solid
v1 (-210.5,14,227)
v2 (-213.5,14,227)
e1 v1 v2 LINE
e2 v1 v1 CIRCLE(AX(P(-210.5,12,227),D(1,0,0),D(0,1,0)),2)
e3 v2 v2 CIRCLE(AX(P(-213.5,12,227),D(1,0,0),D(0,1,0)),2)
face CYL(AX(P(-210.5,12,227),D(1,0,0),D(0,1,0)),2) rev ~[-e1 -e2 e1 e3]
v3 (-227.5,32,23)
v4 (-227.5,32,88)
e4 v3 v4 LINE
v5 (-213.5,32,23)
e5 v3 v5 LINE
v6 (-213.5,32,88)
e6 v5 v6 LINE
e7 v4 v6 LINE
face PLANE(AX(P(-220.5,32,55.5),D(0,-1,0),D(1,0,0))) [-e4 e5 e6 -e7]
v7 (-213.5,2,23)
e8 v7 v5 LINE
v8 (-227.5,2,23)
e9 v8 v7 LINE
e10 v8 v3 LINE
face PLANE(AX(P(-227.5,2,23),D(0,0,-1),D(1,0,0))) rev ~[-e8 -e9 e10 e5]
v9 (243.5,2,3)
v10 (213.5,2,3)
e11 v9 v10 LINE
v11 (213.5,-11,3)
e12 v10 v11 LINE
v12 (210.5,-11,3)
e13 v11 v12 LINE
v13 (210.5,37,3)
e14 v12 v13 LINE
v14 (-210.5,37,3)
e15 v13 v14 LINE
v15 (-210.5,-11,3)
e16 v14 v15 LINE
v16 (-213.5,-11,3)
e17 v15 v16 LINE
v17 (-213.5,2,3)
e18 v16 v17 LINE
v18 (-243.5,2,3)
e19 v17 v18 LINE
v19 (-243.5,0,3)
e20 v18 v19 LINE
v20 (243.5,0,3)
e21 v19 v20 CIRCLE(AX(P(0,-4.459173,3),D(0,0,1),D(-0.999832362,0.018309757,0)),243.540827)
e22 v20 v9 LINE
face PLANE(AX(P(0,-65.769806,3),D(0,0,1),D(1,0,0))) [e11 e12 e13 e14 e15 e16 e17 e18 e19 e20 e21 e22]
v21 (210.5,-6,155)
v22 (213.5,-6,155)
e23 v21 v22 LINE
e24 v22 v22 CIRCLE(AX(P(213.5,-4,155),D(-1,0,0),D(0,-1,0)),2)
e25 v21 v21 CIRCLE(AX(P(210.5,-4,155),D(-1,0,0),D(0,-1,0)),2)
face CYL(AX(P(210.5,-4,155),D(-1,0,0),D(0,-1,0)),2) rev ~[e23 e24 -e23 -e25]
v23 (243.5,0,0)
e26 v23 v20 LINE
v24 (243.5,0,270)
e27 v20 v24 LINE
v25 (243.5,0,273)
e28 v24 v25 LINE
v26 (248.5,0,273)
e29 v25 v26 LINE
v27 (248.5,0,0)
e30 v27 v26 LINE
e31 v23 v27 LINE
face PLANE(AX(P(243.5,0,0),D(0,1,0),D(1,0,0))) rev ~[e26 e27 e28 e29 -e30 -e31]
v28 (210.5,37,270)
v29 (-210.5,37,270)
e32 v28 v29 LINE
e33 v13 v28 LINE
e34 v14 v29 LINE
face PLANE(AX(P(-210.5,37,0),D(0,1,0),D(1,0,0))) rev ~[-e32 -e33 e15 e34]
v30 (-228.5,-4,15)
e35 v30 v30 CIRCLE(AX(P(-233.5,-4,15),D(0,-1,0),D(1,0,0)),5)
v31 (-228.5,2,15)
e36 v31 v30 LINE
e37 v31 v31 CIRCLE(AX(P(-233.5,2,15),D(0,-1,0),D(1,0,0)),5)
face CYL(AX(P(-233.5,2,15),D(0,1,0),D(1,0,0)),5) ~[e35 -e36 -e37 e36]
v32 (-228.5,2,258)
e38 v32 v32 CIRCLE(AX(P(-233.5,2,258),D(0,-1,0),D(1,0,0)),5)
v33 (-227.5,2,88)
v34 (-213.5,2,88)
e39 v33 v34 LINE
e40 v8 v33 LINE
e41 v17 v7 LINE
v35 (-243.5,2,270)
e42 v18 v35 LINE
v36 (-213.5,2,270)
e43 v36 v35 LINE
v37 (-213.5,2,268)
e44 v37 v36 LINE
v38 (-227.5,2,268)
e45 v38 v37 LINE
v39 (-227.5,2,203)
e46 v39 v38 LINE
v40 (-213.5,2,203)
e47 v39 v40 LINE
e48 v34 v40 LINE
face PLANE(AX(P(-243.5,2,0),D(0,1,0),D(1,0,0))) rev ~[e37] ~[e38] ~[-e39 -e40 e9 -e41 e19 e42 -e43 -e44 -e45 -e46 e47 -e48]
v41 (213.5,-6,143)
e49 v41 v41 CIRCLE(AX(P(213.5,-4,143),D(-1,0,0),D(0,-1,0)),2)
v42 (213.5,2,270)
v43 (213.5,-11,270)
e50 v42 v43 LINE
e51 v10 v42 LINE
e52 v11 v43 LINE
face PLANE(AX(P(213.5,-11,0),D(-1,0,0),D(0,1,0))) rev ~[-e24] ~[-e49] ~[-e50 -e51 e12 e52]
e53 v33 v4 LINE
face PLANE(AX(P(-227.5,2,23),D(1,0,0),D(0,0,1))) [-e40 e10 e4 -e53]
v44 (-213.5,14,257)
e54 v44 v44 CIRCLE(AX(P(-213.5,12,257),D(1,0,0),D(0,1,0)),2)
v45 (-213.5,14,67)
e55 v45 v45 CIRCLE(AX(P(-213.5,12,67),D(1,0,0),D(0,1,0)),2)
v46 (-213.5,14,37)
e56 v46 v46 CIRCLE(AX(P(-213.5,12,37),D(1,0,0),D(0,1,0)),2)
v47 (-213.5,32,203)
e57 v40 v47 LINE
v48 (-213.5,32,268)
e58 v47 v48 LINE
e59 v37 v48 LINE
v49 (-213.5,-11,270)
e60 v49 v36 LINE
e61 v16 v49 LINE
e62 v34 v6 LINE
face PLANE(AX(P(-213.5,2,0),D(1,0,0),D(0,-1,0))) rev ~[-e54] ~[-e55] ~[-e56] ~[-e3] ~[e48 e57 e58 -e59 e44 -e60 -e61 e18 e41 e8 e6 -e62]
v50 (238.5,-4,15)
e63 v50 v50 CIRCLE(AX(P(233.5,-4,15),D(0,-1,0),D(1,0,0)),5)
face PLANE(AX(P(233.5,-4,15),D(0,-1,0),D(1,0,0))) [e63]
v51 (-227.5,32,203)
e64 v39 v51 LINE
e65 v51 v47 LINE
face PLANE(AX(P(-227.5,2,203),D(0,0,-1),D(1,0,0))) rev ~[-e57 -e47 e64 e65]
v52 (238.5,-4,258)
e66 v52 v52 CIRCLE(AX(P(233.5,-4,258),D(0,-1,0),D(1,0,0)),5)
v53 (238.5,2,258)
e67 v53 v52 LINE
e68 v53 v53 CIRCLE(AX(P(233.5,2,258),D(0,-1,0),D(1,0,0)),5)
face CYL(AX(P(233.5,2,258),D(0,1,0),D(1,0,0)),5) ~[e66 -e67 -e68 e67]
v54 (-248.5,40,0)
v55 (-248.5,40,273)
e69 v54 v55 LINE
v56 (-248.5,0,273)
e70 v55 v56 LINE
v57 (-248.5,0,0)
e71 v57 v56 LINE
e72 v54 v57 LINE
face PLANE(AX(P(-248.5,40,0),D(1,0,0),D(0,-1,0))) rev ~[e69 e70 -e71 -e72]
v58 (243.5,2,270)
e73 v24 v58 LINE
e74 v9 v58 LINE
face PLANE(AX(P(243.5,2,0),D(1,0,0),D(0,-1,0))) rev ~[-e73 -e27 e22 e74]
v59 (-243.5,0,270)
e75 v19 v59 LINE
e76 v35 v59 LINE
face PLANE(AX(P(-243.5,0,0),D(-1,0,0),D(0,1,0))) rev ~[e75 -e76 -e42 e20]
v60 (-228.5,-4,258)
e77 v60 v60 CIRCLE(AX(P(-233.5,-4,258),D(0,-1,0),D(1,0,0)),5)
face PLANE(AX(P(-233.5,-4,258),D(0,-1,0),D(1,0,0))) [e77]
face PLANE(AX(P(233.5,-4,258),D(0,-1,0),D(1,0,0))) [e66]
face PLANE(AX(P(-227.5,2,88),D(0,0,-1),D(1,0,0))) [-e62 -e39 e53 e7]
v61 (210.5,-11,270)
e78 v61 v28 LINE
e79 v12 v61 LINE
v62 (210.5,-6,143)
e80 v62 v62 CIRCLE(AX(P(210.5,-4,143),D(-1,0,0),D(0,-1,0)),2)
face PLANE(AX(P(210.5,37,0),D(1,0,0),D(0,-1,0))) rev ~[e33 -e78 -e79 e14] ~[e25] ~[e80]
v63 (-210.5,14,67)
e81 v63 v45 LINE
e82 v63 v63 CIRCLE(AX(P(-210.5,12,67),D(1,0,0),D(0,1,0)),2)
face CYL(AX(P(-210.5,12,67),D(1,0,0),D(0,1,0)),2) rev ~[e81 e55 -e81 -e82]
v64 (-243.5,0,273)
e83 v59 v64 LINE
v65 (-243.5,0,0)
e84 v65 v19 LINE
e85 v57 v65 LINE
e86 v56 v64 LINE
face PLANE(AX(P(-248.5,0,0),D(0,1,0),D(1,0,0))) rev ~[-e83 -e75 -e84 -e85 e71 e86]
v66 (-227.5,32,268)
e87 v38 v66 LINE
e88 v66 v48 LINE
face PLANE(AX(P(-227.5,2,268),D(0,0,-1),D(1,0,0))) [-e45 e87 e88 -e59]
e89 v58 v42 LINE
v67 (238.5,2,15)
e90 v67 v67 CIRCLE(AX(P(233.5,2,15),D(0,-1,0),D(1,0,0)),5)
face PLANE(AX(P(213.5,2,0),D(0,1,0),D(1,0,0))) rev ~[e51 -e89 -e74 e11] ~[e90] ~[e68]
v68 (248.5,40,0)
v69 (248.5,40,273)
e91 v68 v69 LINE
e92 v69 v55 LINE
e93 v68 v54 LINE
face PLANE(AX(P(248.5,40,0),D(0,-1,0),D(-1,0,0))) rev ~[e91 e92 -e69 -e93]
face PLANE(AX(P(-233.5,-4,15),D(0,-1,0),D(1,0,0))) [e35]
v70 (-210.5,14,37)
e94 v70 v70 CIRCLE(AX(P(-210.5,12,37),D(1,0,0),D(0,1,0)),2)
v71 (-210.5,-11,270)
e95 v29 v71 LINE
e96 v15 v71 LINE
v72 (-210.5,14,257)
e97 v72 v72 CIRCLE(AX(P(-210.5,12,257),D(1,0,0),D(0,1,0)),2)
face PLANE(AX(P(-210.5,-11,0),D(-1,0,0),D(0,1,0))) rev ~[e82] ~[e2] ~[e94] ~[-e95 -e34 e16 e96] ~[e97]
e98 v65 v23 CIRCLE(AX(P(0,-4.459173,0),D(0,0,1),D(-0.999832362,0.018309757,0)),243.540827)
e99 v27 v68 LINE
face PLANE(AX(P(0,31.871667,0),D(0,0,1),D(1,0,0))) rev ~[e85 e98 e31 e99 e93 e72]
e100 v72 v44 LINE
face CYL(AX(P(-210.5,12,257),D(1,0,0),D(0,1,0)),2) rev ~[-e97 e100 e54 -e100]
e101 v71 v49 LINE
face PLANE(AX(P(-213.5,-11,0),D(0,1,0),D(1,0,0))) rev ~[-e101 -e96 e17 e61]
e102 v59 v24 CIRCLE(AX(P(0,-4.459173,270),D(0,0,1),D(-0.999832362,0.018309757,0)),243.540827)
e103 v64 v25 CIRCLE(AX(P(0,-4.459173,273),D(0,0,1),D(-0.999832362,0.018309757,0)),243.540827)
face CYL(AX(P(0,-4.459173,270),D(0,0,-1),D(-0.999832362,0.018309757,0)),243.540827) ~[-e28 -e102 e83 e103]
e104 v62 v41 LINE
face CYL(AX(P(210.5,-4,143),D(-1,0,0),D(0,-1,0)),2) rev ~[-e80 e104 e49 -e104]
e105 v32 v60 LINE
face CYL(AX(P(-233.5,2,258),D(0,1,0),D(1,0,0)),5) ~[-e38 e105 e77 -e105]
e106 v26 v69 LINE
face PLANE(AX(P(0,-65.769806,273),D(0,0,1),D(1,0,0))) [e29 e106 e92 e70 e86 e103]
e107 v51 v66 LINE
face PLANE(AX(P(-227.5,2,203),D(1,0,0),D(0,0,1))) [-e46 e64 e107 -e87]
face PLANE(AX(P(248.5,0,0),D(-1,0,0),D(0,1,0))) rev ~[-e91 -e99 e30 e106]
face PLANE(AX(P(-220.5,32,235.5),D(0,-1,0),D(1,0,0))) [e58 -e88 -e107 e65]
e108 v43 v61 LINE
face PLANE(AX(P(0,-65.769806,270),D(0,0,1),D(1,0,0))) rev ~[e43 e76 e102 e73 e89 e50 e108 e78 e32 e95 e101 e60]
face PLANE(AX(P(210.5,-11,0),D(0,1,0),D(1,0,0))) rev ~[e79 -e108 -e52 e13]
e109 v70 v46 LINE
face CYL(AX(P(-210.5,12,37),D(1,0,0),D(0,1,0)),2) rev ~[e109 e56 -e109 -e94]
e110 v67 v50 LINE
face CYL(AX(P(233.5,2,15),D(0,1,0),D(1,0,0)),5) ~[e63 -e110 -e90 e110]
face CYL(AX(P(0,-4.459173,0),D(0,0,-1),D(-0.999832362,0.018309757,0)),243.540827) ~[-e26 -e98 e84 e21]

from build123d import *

# Parameters (mm, degrees)
F1_DEPTH  = 3
F2_DEPTH  = 273
F3_START  = 267
F3_DEPTH  = 3
F4_W      = 14
F4_H      = 65
F5_DEPTH  = 30
F7_D      = 4
F7_DEPTH  = 8
F7_TIP    = 1.2017212381
F9_D      = 4
F9_DEPTH  = 8
F9_TIP    = 1.2017212381
F4_R      = 5
F10_DEPTH = 6


with BuildPart() as f1:
    # F0 (on Top) → F1 (new body)
    with BuildSketch(Plane.XY):
        with BuildLine():
            Line((-243.5, 2), (-243.5, 0))
            ThreePointArc((-243.5, 0), (0, -248), (243.5, 0))
            Line((243.5, 0), (243.5, 2))
            Line((243.5, 2), (213.5, 2))
            Line((213.5, 2), (213.5, -11))
            Line((213.5, -11), (210.5, -11))
            Line((210.5, -11), (210.5, 37))
            Line((210.5, 37), (-210.5, 37))
            Line((-210.5, 37), (-210.5, -11))
            Line((-210.5, -11), (-213.5, -11))
            Line((-213.5, -11), (-213.5, 2))
            Line((-213.5, 2), (-243.5, 2))
        make_face()
    extrude(amount=F1_DEPTH)

    # F0 (on Top) → F2 (join)
    with BuildSketch(Plane.XY):
        Polygon((248.5, 40), (-248.5, 40), (-248.5, 0), (-243.5, 0), (-243.5, 2), (-213.5, 2), (-213.5, -11), (-210.5, -11), (-210.5, 37), (210.5, 37), (210.5, -11), (213.5, -11), (213.5, 2), (243.5, 2), (243.5, 0), (248.5, 0), align=None)
    extrude(amount=F2_DEPTH)

    # F1_face (on face) → F3 (join)
    with BuildSketch(Plane(origin=(0, -87.9658672931, 3), x_dir=(1, 0, 0), z_dir=(0, 0, 1)).offset(F3_START)):
        with BuildLine():
            Line((-243.5, 89.9658672931), (-243.5, 87.9658672931))
            ThreePointArc((-243.5, 87.9658672931), (0, -160.0341327069), (243.5, 87.9658672931))
            Line((243.5, 87.9658672931), (243.5, 89.9658672931))
            Line((243.5, 89.9658672931), (213.5, 89.9658672931))
            Line((213.5, 89.9658672931), (213.5, 76.9658672931))
            Line((213.5, 76.9658672931), (210.5, 76.9658672931))
            Line((210.5, 76.9658672931), (210.5, 124.9658672931))
            Line((210.5, 124.9658672931), (-210.5, 124.9658672931))
            Line((-210.5, 124.9658672931), (-210.5, 76.9658672931))
            Line((-210.5, 76.9658672931), (-213.5, 76.9658672931))
            Line((-213.5, 76.9658672931), (-213.5, 89.9658672931))
            Line((-213.5, 89.9658672931), (-243.5, 89.9658672931))
        make_face()
    extrude(amount=F3_DEPTH)

    # F4 (on face) → F5 (cut)
    with BuildSketch(Plane.XZ.offset(-2)):
        with Locations((-220.5, 235.5)):
            Rectangle(F4_W, F4_H)
        with Locations((-220.5, 55.5)):
            Rectangle(F4_W, F4_H)
    extrude(amount=-F5_DEPTH, mode=Mode.SUBTRACT)

    # F7 (one way)
    with BuildSketch(Plane.YZ.offset(-210.5)):
        with Locations((12, 257), (12, 227), (12, 37), (12, 67)):
            Circle(F7_D / 2)
    extrude(amount=-F7_DEPTH, mode=Mode.SUBTRACT)
    with Locations(Plane.YZ.offset(-210.5)):
        with Locations((12, 257), (12, 227), (12, 37), (12, 67)):
            with Locations((0, 0, -(F7_DEPTH + F7_TIP / 2))):  # 118° drill point
                Cone(0, F7_D / 2, F7_TIP, mode=Mode.SUBTRACT)

    # F9 (one way)
    with BuildSketch(Plane(origin=(210.5, 0, 0), x_dir=(0, -1, 0), z_dir=(-1, 0, 0))):
        with Locations((4, 155), (4, 143)):
            Circle(F9_D / 2)
    extrude(amount=-F9_DEPTH, mode=Mode.SUBTRACT)
    with Locations(Plane(origin=(210.5, 0, 0), x_dir=(0, -1, 0), z_dir=(-1, 0, 0))):
        with Locations((4, 155), (4, 143)):
            with Locations((0, 0, -(F9_DEPTH + F9_TIP / 2))):  # 118° drill point
                Cone(0, F9_D / 2, F9_TIP, mode=Mode.SUBTRACT)

    # F4 (on face) → F10 (join)
    with BuildSketch(Plane.XZ.offset(-2)):
        with Locations((-233.5, 258)):
            Circle(F4_R)
        with Locations((-233.5, 15)):
            Circle(F4_R)
        with Locations((233.5, 15)):
            Circle(F4_R)
        with Locations((233.5, 258)):
            Circle(F4_R)
    extrude(amount=F10_DEPTH)


solid = f1.part
